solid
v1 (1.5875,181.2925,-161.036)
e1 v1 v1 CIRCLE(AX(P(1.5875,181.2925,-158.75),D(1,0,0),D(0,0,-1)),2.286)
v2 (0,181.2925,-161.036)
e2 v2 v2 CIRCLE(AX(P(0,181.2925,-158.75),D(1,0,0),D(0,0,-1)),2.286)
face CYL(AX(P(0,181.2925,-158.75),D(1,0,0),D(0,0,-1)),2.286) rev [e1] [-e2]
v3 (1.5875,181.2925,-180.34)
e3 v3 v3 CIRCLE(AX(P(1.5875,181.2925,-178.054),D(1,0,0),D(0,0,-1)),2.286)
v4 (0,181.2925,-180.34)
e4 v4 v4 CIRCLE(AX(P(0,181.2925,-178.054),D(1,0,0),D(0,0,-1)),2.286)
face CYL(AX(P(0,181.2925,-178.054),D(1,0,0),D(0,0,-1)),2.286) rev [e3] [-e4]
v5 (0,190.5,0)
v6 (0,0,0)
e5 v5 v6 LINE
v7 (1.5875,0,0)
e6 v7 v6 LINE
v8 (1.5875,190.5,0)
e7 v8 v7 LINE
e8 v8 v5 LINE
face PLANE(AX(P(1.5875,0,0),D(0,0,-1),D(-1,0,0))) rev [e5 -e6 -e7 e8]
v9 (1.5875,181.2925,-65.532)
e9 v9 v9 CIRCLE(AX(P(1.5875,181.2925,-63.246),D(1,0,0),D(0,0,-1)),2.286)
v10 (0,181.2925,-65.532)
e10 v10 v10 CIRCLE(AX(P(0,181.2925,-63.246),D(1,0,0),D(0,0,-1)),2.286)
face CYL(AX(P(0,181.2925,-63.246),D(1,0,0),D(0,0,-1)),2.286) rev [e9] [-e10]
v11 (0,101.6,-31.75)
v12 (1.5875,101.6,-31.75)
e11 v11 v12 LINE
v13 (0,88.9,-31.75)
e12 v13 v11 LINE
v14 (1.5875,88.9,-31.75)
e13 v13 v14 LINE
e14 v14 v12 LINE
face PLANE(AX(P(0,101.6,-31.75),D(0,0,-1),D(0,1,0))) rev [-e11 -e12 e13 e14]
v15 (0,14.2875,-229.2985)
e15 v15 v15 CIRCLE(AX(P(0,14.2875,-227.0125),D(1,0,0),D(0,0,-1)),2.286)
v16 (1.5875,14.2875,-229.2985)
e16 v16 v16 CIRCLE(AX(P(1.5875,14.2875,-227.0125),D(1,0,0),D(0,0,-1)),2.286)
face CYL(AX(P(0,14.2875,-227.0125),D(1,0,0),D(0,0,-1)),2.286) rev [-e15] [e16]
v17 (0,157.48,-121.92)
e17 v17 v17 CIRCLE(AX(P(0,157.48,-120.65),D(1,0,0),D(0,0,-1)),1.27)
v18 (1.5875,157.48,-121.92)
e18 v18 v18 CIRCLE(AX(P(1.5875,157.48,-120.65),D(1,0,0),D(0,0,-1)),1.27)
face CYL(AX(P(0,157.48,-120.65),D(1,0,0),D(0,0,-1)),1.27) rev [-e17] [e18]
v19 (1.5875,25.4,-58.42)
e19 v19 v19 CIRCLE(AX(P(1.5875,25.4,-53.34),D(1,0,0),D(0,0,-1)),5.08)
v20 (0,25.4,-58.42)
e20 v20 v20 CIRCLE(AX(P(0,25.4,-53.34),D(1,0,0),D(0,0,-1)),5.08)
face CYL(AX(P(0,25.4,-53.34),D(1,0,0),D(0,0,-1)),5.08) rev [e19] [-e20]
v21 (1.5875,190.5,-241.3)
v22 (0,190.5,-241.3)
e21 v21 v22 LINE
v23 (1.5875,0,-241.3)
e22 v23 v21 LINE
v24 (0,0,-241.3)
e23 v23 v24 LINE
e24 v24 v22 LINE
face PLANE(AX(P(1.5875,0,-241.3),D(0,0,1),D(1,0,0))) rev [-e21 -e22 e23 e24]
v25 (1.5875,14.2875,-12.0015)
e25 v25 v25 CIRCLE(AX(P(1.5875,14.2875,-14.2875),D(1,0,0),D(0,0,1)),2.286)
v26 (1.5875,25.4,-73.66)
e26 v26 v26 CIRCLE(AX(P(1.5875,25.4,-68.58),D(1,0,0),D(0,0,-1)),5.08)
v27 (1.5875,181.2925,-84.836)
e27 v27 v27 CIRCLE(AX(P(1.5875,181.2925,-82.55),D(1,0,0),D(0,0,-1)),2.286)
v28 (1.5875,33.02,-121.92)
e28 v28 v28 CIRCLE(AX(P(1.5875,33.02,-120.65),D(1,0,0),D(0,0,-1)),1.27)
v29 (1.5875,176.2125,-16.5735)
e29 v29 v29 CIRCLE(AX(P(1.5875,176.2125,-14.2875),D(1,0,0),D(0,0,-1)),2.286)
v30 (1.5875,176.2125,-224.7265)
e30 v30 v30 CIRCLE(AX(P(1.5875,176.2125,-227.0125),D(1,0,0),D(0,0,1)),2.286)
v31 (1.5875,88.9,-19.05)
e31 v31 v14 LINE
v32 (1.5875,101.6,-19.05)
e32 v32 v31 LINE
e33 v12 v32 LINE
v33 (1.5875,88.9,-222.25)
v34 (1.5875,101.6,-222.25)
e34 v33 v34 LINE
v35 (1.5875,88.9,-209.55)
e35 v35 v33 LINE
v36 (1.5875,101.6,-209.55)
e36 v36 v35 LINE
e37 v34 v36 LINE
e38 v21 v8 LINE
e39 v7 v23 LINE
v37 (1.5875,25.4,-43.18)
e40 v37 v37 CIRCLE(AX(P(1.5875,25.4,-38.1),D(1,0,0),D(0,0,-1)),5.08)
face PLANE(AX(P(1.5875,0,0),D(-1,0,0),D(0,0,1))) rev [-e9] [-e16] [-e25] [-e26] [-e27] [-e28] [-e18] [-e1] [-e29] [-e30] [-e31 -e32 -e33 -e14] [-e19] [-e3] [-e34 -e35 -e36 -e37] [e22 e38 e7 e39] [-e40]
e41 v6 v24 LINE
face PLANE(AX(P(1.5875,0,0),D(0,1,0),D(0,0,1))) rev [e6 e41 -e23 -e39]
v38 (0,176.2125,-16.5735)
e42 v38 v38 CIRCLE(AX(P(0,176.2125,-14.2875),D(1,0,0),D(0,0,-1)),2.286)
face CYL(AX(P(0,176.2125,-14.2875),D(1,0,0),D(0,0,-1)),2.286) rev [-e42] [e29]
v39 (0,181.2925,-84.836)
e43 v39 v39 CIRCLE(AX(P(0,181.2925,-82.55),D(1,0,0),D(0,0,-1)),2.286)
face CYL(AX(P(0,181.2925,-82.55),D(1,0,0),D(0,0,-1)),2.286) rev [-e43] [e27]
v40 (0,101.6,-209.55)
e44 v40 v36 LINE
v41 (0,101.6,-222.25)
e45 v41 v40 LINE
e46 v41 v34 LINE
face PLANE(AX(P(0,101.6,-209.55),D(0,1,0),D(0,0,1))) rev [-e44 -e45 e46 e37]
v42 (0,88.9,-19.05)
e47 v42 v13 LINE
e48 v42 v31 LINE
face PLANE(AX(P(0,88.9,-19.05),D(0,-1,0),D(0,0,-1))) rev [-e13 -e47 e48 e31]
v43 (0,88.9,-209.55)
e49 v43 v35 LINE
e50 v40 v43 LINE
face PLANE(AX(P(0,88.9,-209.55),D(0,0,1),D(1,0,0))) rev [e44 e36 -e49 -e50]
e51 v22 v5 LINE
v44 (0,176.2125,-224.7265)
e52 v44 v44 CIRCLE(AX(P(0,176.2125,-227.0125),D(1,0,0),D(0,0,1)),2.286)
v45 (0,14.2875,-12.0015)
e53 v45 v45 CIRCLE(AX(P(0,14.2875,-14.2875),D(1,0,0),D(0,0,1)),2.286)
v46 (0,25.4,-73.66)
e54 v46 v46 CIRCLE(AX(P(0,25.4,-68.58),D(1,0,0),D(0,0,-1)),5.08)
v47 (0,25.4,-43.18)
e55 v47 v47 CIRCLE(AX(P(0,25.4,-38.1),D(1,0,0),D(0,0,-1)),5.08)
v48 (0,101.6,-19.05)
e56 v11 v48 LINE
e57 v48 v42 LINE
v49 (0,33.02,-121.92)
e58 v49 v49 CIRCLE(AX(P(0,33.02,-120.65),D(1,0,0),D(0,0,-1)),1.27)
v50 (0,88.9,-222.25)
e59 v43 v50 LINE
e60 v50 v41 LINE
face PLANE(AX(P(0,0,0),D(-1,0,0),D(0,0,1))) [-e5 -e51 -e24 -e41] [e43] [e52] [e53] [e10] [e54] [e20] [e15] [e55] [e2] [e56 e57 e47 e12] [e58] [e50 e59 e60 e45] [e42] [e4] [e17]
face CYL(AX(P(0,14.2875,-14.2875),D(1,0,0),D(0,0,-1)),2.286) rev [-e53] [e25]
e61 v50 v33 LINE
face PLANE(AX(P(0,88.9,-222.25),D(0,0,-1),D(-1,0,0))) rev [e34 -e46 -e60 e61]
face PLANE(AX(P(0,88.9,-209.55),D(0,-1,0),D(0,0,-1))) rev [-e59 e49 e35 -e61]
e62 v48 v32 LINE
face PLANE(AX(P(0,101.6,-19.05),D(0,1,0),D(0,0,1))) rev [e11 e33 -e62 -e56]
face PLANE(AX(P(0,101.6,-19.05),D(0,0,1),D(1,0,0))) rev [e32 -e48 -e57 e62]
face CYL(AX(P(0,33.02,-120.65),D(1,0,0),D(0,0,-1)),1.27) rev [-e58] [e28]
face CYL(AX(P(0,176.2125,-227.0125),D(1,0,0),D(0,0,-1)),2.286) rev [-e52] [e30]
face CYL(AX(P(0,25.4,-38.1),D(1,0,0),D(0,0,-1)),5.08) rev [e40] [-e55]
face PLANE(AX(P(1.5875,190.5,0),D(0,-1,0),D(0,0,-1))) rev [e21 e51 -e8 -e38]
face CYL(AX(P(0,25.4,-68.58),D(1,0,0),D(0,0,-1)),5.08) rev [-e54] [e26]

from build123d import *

# Parameters (mm, degrees)
SKETCH1_W                     = 241.3
SKETCH1_H                     = 190.5
MAIN_BODY_DEPTH               = 1.5875
SKETCH2_R                     = 2.286
BOLT_HOLES_DEPTH              = 2.5875
SKETCH3_R                     = 2.286
LOCKING_MECHANISM_HOLES_DEPTH = 2.5875
SKETCH4_W                     = 12.7
SKETCH4_H                     = 12.7
LED_HOLES_DEPTH               = 2.5875
SKETCH5_R                     = 1.27
LOGO_MOUNT_HOLES_DEPTH        = 2.5875
SKETCH6_R                     = 5.08
PANEL_MOUNT_LED_HOLE_DEPTH    = 2.5875


with BuildPart() as part:
    # Sketch1 → Main Body (new body)
    with BuildSketch(Plane(origin=(0, 0, 0), x_dir=(0, 0, -1), z_dir=(1, 0, 0))):
        with Locations((120.65, 95.25)):
            Rectangle(SKETCH1_W, SKETCH1_H)
    extrude(amount=MAIN_BODY_DEPTH)

    # Sketch2 → Bolt Holes (cut, through all)
    with BuildSketch(Plane(origin=(1.5875, 0, 0), x_dir=(0, 0, -1), z_dir=(1, 0, 0))):
        with Locations((227.0125, 14.2875)):
            Circle(SKETCH2_R)
        with Locations((227.0125, 176.2125)):
            Circle(SKETCH2_R)
        with Locations((14.2875, 14.2875)):
            Circle(SKETCH2_R)
        with Locations((14.2875, 176.2125)):
            Circle(SKETCH2_R)
    extrude(amount=-BOLT_HOLES_DEPTH, mode=Mode.SUBTRACT)

    # Sketch3 → Locking Mechanism Holes (cut, through all)
    with BuildSketch(Plane(origin=(1.5875, 0, 0), x_dir=(0, 0, -1), z_dir=(1, 0, 0))):
        with Locations((63.246, 181.2925)):
            Circle(SKETCH3_R)
        with Locations((82.55, 181.2925)):
            Circle(SKETCH3_R)
        with Locations((158.75, 181.2925)):
            Circle(SKETCH3_R)
        with Locations((178.054, 181.2925)):
            Circle(SKETCH3_R)
    extrude(amount=-LOCKING_MECHANISM_HOLES_DEPTH, mode=Mode.SUBTRACT)

    # Sketch4 → LED Holes (cut, through all)
    with BuildSketch(Plane(origin=(1.5875, 0, 0), x_dir=(0, 0, -1), z_dir=(1, 0, 0))):
        with Locations((25.4, 95.25)):
            Rectangle(SKETCH4_W, SKETCH4_H)
        with Locations((215.9, 95.25)):
            Rectangle(SKETCH4_W, SKETCH4_H)
    extrude(amount=-LED_HOLES_DEPTH, mode=Mode.SUBTRACT)

    # Sketch5 → Logo Mount Holes (cut, through all)
    with BuildSketch(Plane(origin=(1.5875, 0, 0), x_dir=(0, 0, -1), z_dir=(1, 0, 0))):
        with Locations((120.65, 157.48)):
            Circle(SKETCH5_R)
        with Locations((120.65, 33.02)):
            Circle(SKETCH5_R)
    extrude(amount=-LOGO_MOUNT_HOLES_DEPTH, mode=Mode.SUBTRACT)

    # Sketch6 → Panel Mount LED Hole (cut, through all)
    with BuildSketch(Plane(origin=(1.5875, 0, 0), x_dir=(0, 0, -1), z_dir=(1, 0, 0))):
        with Locations((38.1, 25.4)):
            Circle(SKETCH6_R)
        with Locations((53.34, 25.4)):
            Circle(SKETCH6_R)
        with Locations((68.58, 25.4)):
            Circle(SKETCH6_R)
    extrude(amount=-PANEL_MOUNT_LED_HOLE_DEPTH, mode=Mode.SUBTRACT)


solid = part.part
